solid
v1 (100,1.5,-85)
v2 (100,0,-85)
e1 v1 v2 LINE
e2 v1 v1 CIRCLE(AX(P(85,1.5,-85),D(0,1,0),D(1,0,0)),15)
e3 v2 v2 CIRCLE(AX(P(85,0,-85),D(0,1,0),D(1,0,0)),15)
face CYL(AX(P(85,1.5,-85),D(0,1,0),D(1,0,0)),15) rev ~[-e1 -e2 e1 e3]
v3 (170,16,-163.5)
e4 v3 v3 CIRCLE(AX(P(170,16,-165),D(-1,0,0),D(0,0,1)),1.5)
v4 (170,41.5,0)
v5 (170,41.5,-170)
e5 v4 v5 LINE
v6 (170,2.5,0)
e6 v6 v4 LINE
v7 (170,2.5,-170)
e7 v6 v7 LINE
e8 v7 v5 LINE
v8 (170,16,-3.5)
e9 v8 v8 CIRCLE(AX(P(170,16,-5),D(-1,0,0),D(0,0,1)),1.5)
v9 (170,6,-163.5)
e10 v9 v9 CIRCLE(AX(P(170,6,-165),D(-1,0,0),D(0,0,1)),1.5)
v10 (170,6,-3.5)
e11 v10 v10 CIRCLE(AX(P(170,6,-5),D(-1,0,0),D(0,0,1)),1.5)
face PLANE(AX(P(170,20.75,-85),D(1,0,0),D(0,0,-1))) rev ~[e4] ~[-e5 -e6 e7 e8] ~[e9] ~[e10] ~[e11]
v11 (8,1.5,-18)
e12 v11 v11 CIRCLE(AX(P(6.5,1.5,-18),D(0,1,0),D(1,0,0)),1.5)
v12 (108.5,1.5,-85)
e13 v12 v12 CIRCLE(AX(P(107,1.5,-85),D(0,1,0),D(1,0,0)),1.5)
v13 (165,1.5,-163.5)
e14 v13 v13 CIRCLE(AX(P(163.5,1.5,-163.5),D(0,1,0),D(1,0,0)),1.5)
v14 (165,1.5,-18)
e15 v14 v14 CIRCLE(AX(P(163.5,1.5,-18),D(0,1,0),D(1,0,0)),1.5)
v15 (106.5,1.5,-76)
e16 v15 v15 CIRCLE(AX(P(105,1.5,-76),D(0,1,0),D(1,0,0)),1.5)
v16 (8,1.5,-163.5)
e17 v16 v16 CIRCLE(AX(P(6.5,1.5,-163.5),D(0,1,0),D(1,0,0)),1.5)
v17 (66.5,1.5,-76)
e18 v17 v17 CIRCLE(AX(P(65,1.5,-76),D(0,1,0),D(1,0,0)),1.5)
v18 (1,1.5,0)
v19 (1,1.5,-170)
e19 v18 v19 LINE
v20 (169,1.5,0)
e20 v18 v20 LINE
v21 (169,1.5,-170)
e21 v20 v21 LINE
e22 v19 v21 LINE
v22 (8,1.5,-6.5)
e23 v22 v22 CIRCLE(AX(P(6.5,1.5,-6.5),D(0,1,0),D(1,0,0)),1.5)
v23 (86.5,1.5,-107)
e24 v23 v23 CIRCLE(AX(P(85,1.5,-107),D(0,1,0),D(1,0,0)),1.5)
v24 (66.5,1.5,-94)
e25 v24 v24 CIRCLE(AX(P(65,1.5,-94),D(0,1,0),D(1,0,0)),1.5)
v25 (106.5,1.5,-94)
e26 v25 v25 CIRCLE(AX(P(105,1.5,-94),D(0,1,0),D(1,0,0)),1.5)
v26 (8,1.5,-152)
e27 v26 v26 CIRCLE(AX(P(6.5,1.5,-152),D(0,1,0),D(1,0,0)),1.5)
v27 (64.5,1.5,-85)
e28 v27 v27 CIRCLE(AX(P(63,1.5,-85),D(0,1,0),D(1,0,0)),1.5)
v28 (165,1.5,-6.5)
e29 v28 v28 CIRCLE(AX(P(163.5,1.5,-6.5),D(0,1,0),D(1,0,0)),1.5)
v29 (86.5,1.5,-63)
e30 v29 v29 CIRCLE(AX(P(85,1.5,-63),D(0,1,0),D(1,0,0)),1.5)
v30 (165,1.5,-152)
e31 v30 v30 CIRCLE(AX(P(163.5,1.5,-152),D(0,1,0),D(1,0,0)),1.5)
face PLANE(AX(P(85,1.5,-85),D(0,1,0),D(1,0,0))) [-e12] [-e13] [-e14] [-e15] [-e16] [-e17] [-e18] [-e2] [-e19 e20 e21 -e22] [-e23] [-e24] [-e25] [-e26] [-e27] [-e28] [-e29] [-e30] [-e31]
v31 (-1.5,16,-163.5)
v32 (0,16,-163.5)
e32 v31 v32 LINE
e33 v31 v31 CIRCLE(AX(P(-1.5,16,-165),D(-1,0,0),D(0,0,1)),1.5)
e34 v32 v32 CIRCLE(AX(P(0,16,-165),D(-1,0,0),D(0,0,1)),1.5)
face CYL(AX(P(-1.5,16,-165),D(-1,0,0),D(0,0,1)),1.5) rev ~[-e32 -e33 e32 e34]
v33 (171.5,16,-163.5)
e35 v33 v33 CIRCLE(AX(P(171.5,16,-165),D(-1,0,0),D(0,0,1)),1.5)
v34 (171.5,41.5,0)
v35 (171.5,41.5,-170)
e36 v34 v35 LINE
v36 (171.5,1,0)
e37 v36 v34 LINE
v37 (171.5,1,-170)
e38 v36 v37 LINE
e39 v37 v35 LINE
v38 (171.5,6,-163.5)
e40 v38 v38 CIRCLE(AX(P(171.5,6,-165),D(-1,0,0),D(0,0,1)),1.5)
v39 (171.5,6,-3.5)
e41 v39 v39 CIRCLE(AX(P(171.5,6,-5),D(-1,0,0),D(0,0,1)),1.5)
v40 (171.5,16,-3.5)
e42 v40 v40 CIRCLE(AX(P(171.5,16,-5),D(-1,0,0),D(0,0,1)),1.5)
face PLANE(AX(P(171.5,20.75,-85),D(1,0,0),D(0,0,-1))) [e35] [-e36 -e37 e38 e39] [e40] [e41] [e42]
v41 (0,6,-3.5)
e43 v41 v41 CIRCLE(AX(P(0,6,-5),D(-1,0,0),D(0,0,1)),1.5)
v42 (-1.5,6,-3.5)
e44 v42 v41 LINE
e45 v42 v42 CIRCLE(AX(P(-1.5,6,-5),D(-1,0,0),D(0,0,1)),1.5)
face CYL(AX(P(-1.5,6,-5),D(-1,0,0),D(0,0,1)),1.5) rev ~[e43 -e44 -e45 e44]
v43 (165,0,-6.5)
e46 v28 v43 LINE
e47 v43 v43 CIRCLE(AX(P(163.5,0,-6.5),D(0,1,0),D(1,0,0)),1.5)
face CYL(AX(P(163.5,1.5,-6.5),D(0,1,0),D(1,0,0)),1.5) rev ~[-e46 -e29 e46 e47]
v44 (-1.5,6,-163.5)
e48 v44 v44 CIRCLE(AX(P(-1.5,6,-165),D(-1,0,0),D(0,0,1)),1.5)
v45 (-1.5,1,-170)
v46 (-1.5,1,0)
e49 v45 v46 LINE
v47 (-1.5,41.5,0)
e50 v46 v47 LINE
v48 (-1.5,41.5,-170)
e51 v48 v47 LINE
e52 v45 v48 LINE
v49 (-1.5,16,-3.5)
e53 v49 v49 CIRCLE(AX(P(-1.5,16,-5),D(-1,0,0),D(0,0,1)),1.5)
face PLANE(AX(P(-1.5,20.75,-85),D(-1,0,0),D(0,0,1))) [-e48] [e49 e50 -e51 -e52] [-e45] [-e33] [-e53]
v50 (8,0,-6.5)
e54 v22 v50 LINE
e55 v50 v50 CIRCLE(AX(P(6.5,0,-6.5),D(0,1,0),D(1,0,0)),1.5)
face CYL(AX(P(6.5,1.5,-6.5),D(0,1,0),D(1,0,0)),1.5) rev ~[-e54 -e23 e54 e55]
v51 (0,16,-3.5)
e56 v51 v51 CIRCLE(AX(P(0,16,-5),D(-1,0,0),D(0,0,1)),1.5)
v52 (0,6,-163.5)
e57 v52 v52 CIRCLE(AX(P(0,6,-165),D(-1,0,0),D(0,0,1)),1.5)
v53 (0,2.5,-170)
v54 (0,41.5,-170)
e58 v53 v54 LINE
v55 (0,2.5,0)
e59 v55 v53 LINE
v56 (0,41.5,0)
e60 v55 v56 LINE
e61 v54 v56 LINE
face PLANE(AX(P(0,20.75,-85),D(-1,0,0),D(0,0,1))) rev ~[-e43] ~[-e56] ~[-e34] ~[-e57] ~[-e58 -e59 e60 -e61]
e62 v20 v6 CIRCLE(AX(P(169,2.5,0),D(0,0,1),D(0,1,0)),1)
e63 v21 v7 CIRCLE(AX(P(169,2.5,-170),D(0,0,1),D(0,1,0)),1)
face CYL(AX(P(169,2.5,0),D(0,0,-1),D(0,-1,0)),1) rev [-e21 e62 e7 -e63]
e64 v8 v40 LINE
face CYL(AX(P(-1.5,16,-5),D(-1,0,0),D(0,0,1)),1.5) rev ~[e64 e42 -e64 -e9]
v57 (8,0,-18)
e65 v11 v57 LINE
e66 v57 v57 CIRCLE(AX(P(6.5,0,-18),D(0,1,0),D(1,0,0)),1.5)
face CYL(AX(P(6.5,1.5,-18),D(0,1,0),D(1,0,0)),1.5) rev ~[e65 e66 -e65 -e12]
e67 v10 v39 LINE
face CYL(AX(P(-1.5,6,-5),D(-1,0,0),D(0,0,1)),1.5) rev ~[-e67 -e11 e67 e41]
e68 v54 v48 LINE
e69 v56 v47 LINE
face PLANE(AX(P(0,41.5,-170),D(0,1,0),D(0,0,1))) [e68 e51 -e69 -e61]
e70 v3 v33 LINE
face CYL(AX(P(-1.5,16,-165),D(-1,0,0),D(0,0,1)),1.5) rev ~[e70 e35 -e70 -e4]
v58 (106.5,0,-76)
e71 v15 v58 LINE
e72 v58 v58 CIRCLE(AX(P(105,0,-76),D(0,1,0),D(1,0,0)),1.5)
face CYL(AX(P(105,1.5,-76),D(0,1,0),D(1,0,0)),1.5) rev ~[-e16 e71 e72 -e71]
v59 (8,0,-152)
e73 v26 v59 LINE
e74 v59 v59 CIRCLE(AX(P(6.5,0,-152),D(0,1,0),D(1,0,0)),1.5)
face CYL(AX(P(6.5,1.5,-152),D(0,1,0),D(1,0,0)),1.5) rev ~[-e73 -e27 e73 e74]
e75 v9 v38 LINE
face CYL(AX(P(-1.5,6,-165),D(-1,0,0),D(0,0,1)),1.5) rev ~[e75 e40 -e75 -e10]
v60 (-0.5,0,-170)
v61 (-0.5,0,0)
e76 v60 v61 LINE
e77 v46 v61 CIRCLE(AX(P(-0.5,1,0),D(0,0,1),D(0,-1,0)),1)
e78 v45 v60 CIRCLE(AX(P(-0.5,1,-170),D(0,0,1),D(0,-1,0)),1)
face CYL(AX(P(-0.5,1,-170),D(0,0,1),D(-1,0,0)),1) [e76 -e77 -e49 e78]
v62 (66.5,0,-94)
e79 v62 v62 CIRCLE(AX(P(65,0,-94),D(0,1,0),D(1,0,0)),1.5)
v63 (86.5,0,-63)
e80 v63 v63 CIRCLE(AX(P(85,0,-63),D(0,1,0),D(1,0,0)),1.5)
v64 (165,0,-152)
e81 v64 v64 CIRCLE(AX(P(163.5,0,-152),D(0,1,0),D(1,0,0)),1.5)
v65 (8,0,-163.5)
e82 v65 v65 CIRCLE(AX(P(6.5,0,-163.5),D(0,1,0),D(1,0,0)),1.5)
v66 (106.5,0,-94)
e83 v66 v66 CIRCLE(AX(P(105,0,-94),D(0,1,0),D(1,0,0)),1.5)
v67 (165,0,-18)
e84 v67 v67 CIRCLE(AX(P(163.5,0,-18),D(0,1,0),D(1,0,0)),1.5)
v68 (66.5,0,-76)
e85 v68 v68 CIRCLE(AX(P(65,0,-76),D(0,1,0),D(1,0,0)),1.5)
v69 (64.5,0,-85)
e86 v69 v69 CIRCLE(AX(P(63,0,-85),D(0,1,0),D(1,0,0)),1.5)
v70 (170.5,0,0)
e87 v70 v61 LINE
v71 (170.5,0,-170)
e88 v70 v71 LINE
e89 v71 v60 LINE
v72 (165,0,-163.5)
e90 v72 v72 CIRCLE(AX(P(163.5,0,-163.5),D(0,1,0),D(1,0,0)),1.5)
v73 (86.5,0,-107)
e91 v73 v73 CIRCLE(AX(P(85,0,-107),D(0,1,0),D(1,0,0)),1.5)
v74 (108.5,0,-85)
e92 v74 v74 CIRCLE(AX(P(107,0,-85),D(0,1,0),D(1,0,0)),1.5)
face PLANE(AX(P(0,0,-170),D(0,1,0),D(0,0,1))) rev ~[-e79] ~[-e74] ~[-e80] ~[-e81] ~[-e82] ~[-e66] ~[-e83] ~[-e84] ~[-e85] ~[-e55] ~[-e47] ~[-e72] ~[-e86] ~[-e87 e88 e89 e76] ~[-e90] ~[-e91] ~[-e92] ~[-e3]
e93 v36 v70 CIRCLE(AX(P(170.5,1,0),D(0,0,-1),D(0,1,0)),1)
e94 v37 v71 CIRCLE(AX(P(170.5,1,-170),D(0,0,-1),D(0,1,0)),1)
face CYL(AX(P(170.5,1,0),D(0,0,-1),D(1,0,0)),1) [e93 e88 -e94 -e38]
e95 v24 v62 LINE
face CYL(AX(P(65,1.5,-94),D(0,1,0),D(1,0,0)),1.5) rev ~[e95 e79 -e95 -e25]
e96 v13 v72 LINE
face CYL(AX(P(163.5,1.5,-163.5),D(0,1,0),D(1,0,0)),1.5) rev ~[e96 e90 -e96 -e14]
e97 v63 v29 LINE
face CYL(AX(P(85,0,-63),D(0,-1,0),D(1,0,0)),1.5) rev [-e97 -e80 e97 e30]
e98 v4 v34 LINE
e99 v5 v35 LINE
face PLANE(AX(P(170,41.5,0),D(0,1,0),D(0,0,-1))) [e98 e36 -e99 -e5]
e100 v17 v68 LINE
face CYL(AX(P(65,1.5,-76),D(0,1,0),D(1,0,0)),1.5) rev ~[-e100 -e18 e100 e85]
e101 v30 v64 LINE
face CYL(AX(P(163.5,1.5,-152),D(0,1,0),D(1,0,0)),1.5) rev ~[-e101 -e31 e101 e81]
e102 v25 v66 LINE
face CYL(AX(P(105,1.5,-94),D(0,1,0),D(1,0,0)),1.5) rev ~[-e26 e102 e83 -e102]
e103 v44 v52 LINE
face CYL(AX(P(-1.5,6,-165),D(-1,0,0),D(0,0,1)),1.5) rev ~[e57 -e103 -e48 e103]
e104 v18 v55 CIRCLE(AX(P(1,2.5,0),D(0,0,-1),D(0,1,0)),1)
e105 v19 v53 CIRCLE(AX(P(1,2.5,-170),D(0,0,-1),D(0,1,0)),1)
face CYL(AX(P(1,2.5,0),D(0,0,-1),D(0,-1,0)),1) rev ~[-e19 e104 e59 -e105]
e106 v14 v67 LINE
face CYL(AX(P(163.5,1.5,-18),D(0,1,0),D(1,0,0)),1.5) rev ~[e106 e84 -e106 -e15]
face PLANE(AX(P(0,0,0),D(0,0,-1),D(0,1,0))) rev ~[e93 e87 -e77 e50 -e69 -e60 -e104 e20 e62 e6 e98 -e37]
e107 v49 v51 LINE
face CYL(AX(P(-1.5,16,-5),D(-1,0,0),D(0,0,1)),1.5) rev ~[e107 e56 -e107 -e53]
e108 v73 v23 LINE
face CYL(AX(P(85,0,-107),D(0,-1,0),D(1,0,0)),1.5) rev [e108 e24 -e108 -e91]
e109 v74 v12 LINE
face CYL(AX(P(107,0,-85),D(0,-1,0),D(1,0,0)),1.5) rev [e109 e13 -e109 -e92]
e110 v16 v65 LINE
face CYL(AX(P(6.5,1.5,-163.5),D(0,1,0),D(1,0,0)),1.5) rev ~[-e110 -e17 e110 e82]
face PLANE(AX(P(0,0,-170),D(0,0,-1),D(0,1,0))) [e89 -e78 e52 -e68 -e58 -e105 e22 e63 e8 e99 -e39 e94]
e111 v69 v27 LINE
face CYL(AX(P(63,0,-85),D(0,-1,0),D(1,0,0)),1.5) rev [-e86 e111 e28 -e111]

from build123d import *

# Parameters (mm, degrees)
SKETCH2_W               = 170
SKETCH2_H               = 170
SKETCH2_R               = 1.5
BOSS_EXTRUDE1_DEPTH     = 1.5
CUT_EXTRUDE1_DEPTH      = 5
CUT_EXTRUDE1_DEPTH_BACK = 5
SKETCH5_R               = 15
CUT_EXTRUDE2_DEPTH      = 5
CUT_EXTRUDE2_DEPTH_BACK = 5
SKETCH6_R               = 1.5
CUT_EXTRUDE3_DEPTH      = 5
CUT_EXTRUDE3_DEPTH_BACK = 5
SKETCH7_R               = 1.5
CUT_EXTRUDE4_DEPTH      = 10
CUT_EXTRUDE4_DEPTH_BACK = 10
SKETCH8_R               = 1.5
SKETCH9_W               = 170
SKETCH9_H               = 41.5
BOSS_EXTRUDE2_DEPTH     = 1.5
FILLET2_R               = 1
FILLET3_R               = 1
SKETCH10_W              = 170
SKETCH10_H              = 41.5
BOSS_EXTRUDE3_DEPTH     = 1.5
FILLET4_R               = 1
FILLET5_R               = 1
CUT_EXTRUDE6_DEPTH      = 10000
CUT_EXTRUDE6_DEPTH_BACK = 10000
SKETCH15_R              = 1.5


with BuildPart() as part:
    # Sketch2 → Boss-Extrude1 (new body)
    with BuildSketch(Plane(origin=(0, 0, 0), x_dir=(1, 0, 0), z_dir=(0, 1, 0))):
        with Locations((85, 85)):
            Rectangle(SKETCH2_W, SKETCH2_H)
        with Locations((63, 85)):
            Circle(SKETCH2_R, mode=Mode.SUBTRACT)
        with Locations((85, 63)):
            Circle(SKETCH2_R, mode=Mode.SUBTRACT)
        with Locations((85, 107)):
            Circle(SKETCH2_R, mode=Mode.SUBTRACT)
        with Locations((107, 85)):
            Circle(SKETCH2_R, mode=Mode.SUBTRACT)
    extrude(amount=BOSS_EXTRUDE1_DEPTH)

    # Sketch5 → Cut-Extrude1 (cut, two sides: drawn at the far end of the back side and taken through both)
    with BuildSketch(Plane(origin=(0, 1.5, 0), x_dir=(1, 0, 0), z_dir=(0, 1, 0)).offset(-CUT_EXTRUDE1_DEPTH_BACK)):
        with Locations((85, 85)):
            Circle(SKETCH5_R)
    extrude(amount=CUT_EXTRUDE1_DEPTH + CUT_EXTRUDE1_DEPTH_BACK, mode=Mode.SUBTRACT)

    # Sketch6 → Cut-Extrude2 (cut, two sides: drawn at the far end of the back side and taken through both)
    with BuildSketch(Plane(origin=(0, 1.5, 0), x_dir=(1, 0, 0), z_dir=(0, 1, 0)).offset(-CUT_EXTRUDE2_DEPTH_BACK)):
        with Locations((65, 94)):
            Circle(SKETCH6_R)
        with Locations((65, 76)):
            Circle(SKETCH6_R)
        with Locations((105, 76)):
            Circle(SKETCH6_R)
        with Locations((105, 94)):
            Circle(SKETCH6_R)
    extrude(amount=CUT_EXTRUDE2_DEPTH + CUT_EXTRUDE2_DEPTH_BACK, mode=Mode.SUBTRACT)

    # Sketch7 → Cut-Extrude3 (cut, two sides: drawn at the far end of the back side and taken through both)
    with BuildSketch(Plane(origin=(0, 1.5, 0), x_dir=(1, 0, 0), z_dir=(0, 1, 0)).offset(-CUT_EXTRUDE3_DEPTH_BACK)):
        with Locations((6.5, 163.5)):
            Circle(SKETCH7_R)
        with Locations((163.5, 163.5)):
            Circle(SKETCH7_R)
        with Locations((163.5, 6.5)):
            Circle(SKETCH7_R)
        with Locations((6.5, 6.5)):
            Circle(SKETCH7_R)
    extrude(amount=CUT_EXTRUDE3_DEPTH + CUT_EXTRUDE3_DEPTH_BACK, mode=Mode.SUBTRACT)

    # Sketch8 → Cut-Extrude4 (cut, two sides: drawn at the far end of the back side and taken through both)
    with BuildSketch(Plane(origin=(0, 1.5, 0), x_dir=(1, 0, 0), z_dir=(0, 1, 0)).offset(-CUT_EXTRUDE4_DEPTH_BACK)):
        with Locations((163.5, 18)):
            Circle(SKETCH8_R)
        with Locations((163.5, 152)):
            Circle(SKETCH8_R)
        with Locations((6.5, 152)):
            Circle(SKETCH8_R)
        with Locations((6.5, 18)):
            Circle(SKETCH8_R)
    extrude(amount=CUT_EXTRUDE4_DEPTH + CUT_EXTRUDE4_DEPTH_BACK, mode=Mode.SUBTRACT)

    # Sketch9 → Boss-Extrude2 (add)
    with BuildSketch(Plane(origin=(170, 0, 0), x_dir=(0, 0, -1), z_dir=(1, 0, 0))):
        with Locations((85, 20.75)):
            Rectangle(SKETCH9_W, SKETCH9_H)
    extrude(amount=BOSS_EXTRUDE2_DEPTH)

    # Fillet2
    fillet2_edges = [part.edges().sort_by_distance(p)[0] for p in [
        (170, 1.5, -85),
    ]]
    fillet(fillet2_edges, radius=FILLET2_R)

    # Fillet3
    fillet3_edges = [part.edges().sort_by_distance(p)[0] for p in [
        (171.5, 0, -85),
    ]]
    fillet(fillet3_edges, radius=FILLET3_R)

    # Sketch10 → Boss-Extrude3 (add)
    with BuildSketch(Plane.ZY):
        with Locations((-85, 20.75)):
            Rectangle(SKETCH10_W, SKETCH10_H)
    extrude(amount=BOSS_EXTRUDE3_DEPTH)

    # Fillet4
    fillet4_edges = [part.edges().sort_by_distance(p)[0] for p in [
        (0, 1.5, -85),
    ]]
    fillet(fillet4_edges, radius=FILLET4_R)

    # Fillet5
    fillet5_edges = [part.edges().sort_by_distance(p)[0] for p in [
        (-1.5, 0, -85),
    ]]
    fillet(fillet5_edges, radius=FILLET5_R)

    # Sketch15 → Cut-Extrude6 (cut, two sides: drawn at the far end of the back side and taken through both)
    with BuildSketch(Plane.ZY.offset(1.5).offset(-CUT_EXTRUDE6_DEPTH_BACK)):
        with Locations((-165, 16)):
            Circle(SKETCH15_R)
        with Locations((-165, 6)):
            Circle(SKETCH15_R)
        with Locations((-5, 16)):
            Circle(SKETCH15_R)
        with Locations((-5, 6)):
            Circle(SKETCH15_R)
    extrude(amount=CUT_EXTRUDE6_DEPTH + CUT_EXTRUDE6_DEPTH_BACK, mode=Mode.SUBTRACT)


solid = part.part
